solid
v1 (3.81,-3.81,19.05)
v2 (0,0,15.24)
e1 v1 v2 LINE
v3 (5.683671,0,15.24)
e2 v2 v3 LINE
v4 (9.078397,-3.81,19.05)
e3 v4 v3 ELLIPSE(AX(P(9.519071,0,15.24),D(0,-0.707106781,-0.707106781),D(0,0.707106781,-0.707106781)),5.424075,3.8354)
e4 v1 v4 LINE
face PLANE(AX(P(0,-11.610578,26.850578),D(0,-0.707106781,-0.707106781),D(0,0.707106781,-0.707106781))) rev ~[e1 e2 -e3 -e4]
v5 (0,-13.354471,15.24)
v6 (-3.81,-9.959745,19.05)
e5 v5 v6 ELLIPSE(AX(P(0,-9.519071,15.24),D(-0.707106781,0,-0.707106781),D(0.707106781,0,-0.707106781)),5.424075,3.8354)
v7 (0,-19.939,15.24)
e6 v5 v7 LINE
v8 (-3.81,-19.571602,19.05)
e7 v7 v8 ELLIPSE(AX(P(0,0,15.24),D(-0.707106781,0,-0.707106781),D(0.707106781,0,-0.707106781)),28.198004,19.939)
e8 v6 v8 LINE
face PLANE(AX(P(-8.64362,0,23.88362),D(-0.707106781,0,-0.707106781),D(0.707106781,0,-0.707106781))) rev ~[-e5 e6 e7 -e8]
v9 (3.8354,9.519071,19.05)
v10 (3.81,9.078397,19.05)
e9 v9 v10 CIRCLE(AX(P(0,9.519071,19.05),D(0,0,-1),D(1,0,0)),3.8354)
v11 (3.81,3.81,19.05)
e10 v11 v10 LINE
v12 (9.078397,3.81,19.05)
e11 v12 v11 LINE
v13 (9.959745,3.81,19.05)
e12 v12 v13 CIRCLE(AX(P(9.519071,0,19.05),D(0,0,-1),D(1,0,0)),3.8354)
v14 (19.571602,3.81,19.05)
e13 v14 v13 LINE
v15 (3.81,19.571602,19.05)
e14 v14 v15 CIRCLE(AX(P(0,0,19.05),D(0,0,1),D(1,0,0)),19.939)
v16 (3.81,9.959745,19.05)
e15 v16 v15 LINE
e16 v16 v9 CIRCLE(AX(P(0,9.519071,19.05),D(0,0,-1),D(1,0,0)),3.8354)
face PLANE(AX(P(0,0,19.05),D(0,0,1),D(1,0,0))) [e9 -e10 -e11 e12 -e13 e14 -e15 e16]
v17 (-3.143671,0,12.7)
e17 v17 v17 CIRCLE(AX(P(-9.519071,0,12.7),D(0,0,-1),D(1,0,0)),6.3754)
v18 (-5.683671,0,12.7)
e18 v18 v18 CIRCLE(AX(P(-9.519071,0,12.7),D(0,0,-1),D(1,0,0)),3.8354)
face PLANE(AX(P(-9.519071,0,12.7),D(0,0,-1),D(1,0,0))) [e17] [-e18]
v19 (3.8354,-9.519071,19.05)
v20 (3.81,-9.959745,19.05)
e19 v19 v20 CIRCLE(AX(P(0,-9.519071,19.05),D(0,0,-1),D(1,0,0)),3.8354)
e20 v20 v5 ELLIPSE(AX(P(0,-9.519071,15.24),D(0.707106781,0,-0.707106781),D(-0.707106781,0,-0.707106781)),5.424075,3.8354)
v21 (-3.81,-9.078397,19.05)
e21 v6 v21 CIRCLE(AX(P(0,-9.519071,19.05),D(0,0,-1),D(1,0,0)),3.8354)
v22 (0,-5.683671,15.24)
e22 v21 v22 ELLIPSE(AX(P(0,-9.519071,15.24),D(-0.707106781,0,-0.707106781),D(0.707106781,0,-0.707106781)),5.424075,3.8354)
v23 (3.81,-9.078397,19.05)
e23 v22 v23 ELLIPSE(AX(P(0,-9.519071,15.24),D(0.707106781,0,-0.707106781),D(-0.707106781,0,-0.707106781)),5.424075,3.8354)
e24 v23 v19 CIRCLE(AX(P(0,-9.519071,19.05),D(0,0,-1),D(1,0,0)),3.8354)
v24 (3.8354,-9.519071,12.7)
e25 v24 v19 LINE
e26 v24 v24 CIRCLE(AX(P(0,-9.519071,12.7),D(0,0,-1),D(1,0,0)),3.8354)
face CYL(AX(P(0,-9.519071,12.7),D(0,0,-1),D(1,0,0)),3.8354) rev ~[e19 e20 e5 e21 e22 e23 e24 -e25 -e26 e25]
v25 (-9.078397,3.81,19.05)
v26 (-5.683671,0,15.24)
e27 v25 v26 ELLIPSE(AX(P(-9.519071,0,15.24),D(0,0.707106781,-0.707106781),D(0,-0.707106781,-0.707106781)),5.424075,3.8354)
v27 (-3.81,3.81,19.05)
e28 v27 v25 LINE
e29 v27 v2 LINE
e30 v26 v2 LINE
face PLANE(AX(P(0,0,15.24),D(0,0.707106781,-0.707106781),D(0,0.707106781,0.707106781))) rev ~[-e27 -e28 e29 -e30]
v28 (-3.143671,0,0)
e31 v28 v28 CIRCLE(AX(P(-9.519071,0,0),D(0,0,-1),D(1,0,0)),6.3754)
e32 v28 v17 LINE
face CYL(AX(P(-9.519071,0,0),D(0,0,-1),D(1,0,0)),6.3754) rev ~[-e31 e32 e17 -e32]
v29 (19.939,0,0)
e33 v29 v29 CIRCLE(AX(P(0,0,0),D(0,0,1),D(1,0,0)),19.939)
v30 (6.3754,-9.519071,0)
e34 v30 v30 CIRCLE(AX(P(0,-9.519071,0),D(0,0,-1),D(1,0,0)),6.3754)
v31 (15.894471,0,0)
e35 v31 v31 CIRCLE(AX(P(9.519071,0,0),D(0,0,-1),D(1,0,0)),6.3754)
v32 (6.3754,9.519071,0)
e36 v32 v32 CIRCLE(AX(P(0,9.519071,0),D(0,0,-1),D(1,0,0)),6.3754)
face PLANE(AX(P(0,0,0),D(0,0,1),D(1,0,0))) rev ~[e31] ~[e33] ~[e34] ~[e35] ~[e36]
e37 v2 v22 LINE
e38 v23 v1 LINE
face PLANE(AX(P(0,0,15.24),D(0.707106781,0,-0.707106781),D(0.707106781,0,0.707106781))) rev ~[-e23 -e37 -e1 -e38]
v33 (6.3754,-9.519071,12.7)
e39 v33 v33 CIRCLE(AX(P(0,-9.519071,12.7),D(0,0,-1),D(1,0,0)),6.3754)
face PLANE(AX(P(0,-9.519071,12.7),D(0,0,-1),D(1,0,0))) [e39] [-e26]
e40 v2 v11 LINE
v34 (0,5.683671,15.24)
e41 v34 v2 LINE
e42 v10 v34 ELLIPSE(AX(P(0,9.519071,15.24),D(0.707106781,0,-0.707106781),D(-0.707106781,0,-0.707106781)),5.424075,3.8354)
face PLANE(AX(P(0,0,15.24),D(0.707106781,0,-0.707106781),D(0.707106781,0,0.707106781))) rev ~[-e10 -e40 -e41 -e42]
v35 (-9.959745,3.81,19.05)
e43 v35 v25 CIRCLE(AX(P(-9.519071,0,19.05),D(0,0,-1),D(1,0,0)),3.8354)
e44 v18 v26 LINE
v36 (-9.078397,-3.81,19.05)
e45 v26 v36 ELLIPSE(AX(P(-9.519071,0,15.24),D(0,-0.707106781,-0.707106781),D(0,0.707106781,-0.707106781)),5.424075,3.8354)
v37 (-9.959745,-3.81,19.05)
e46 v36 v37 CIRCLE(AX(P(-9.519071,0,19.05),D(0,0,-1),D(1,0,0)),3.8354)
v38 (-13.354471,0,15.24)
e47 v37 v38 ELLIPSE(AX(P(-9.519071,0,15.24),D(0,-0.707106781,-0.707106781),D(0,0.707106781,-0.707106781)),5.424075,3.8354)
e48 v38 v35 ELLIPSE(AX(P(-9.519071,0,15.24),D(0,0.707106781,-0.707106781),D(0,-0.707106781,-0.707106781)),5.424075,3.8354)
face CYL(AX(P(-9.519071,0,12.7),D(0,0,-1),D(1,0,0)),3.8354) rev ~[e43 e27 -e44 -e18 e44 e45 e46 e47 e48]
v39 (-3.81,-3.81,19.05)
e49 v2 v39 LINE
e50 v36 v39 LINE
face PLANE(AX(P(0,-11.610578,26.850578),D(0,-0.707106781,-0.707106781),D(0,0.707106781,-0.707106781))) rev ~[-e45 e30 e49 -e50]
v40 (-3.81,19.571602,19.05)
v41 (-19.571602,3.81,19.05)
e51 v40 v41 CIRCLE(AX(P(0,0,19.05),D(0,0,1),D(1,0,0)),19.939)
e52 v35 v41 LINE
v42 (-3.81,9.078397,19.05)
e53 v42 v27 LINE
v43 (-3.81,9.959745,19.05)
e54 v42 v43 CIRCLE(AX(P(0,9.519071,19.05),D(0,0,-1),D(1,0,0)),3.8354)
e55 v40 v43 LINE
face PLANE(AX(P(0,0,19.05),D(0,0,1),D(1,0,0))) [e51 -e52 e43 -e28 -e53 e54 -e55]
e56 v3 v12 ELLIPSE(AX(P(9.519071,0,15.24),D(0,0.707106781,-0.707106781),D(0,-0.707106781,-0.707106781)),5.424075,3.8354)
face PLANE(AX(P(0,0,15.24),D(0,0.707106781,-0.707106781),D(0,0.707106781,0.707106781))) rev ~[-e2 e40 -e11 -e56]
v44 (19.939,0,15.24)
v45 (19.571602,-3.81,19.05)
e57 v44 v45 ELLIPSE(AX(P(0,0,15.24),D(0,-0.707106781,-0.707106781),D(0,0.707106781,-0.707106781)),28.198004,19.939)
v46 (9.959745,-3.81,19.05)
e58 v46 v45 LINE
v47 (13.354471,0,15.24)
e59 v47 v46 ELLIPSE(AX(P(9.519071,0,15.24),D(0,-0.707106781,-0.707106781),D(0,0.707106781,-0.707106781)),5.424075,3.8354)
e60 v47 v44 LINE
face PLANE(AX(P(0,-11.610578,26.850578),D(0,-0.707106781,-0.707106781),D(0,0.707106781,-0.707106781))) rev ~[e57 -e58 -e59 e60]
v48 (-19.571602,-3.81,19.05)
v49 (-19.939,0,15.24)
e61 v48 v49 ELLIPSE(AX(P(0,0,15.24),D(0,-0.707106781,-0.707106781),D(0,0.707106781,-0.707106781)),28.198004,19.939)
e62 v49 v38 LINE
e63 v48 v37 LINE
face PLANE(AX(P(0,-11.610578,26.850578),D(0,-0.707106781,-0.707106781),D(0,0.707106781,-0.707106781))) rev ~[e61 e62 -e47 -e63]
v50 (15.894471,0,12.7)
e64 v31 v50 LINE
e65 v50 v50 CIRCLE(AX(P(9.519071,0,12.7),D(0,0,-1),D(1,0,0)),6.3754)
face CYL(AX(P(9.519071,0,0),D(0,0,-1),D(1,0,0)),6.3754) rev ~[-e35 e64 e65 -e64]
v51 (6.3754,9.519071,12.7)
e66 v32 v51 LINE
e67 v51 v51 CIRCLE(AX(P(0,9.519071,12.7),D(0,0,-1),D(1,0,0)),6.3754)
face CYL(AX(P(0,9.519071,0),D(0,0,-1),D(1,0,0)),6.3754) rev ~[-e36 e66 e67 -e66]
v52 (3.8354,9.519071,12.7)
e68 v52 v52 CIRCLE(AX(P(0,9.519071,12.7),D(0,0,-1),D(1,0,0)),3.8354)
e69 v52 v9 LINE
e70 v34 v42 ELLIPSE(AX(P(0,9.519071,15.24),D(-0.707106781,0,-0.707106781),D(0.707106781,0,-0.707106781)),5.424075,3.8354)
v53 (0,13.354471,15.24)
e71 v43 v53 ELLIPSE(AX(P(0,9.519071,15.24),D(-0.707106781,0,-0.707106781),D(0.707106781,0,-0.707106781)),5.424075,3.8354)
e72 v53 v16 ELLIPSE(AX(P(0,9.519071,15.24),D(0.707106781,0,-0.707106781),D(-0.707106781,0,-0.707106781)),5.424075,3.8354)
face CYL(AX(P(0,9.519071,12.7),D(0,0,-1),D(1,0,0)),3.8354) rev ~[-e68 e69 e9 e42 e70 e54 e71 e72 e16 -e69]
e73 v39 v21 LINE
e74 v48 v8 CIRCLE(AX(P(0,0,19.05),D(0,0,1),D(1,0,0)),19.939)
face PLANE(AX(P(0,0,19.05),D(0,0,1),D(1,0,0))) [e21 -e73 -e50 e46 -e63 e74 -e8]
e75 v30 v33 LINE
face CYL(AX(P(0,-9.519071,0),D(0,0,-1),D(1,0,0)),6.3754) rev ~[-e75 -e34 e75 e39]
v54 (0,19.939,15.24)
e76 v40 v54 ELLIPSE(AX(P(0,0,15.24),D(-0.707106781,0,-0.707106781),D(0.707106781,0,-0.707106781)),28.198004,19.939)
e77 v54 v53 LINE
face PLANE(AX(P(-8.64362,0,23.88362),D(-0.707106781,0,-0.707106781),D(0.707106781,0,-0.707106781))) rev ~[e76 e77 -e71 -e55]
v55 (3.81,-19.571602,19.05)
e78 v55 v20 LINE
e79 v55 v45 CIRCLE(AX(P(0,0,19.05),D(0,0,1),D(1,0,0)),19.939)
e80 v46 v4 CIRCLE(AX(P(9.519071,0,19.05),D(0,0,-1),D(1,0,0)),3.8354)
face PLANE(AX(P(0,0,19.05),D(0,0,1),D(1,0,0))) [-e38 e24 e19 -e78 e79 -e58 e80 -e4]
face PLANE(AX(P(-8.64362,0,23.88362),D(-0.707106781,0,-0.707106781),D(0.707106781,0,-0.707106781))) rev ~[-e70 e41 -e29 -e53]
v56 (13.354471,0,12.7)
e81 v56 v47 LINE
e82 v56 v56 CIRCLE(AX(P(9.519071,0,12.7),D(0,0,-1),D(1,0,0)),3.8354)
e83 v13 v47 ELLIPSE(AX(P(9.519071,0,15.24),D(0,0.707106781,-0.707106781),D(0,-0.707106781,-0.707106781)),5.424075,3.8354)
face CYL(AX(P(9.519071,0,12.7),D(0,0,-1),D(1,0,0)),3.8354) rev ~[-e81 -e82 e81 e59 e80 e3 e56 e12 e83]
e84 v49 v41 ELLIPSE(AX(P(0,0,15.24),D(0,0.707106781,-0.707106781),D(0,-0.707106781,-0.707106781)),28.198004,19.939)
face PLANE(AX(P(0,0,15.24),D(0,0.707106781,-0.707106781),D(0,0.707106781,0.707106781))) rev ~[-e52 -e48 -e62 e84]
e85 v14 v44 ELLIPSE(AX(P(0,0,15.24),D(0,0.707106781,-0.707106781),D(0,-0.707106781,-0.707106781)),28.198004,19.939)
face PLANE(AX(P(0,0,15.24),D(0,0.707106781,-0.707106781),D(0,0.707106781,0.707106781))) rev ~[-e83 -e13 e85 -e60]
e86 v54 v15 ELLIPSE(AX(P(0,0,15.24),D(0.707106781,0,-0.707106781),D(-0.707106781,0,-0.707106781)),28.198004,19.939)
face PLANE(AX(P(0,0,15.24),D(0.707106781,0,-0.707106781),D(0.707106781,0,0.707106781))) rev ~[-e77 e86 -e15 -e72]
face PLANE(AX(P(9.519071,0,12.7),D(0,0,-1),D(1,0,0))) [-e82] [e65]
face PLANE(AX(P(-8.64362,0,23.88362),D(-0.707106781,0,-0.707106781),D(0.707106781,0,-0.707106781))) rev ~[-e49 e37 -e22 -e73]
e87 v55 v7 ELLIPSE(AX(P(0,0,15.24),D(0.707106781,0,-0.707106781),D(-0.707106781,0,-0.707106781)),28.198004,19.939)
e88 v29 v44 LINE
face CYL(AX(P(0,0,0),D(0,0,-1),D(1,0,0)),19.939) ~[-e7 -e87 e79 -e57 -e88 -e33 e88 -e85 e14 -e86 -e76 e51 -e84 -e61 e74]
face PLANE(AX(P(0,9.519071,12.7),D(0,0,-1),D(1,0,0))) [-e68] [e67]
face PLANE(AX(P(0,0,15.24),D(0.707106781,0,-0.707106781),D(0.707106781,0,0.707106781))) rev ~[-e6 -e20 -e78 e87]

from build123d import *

# Parameters (mm, degrees)
F0_R      = 19.939
F1_DEPTH  = 19.05
F3_R      = 6.3754
F4_DEPTH  = 12.7
F5_R      = 3.8354
F6_DEPTH  = 6.351
F8_DEPTH  = 38.1
F10_DEPTH = 38.1


with BuildPart() as f1:
    # F0 (on Top) → F1 (new body)
    with BuildSketch(Plane.XY):
        Circle(F0_R)
    extrude(amount=F1_DEPTH)

    # F3 (on face) → F4 (cut)
    with BuildSketch(Plane(origin=(0, 0, 0), x_dir=(1, 0, 0), z_dir=(0, 0, -1))):
        with Locations((-9.519071, 0)):
            Circle(F3_R)
        with Locations((0, 9.519071)):
            Circle(F3_R)
        with Locations((9.519071, 0)):
            Circle(F3_R)
        with Locations((0, -9.519071)):
            Circle(F3_R)
    extrude(amount=-F4_DEPTH, mode=Mode.SUBTRACT)

    # F5 (on face) → F6 (cut, through all)
    with BuildSketch(Plane(origin=(0, 0, 12.7), x_dir=(1, 0, 0), z_dir=(0, 0, -1))):
        with Locations((0, 9.519071)):
            Circle(F5_R)
        with Locations((-9.519071, 0)):
            Circle(F5_R)
        with Locations((0, -9.519071)):
            Circle(F5_R)
        with Locations((9.519071, 0)):
            Circle(F5_R)
    extrude(amount=-F6_DEPTH, mode=Mode.SUBTRACT)

    # F7 (on Front) → F8 (cut, symmetric)
    with BuildSketch(Plane.XZ):
        Polygon((-8.64362, 23.88362), (0, 15.24), (8.64362, 23.88362), align=None)
    extrude(amount=F8_DEPTH, both=True, mode=Mode.SUBTRACT)

    # F9 (on Right) → F10 (cut, symmetric)
    with BuildSketch(Plane.YZ):
        Polygon((-11.610578, 26.850578), (0, 15.24), (11.610578, 26.850578), align=None)
    extrude(amount=F10_DEPTH, both=True, mode=Mode.SUBTRACT)


solid = f1.part
